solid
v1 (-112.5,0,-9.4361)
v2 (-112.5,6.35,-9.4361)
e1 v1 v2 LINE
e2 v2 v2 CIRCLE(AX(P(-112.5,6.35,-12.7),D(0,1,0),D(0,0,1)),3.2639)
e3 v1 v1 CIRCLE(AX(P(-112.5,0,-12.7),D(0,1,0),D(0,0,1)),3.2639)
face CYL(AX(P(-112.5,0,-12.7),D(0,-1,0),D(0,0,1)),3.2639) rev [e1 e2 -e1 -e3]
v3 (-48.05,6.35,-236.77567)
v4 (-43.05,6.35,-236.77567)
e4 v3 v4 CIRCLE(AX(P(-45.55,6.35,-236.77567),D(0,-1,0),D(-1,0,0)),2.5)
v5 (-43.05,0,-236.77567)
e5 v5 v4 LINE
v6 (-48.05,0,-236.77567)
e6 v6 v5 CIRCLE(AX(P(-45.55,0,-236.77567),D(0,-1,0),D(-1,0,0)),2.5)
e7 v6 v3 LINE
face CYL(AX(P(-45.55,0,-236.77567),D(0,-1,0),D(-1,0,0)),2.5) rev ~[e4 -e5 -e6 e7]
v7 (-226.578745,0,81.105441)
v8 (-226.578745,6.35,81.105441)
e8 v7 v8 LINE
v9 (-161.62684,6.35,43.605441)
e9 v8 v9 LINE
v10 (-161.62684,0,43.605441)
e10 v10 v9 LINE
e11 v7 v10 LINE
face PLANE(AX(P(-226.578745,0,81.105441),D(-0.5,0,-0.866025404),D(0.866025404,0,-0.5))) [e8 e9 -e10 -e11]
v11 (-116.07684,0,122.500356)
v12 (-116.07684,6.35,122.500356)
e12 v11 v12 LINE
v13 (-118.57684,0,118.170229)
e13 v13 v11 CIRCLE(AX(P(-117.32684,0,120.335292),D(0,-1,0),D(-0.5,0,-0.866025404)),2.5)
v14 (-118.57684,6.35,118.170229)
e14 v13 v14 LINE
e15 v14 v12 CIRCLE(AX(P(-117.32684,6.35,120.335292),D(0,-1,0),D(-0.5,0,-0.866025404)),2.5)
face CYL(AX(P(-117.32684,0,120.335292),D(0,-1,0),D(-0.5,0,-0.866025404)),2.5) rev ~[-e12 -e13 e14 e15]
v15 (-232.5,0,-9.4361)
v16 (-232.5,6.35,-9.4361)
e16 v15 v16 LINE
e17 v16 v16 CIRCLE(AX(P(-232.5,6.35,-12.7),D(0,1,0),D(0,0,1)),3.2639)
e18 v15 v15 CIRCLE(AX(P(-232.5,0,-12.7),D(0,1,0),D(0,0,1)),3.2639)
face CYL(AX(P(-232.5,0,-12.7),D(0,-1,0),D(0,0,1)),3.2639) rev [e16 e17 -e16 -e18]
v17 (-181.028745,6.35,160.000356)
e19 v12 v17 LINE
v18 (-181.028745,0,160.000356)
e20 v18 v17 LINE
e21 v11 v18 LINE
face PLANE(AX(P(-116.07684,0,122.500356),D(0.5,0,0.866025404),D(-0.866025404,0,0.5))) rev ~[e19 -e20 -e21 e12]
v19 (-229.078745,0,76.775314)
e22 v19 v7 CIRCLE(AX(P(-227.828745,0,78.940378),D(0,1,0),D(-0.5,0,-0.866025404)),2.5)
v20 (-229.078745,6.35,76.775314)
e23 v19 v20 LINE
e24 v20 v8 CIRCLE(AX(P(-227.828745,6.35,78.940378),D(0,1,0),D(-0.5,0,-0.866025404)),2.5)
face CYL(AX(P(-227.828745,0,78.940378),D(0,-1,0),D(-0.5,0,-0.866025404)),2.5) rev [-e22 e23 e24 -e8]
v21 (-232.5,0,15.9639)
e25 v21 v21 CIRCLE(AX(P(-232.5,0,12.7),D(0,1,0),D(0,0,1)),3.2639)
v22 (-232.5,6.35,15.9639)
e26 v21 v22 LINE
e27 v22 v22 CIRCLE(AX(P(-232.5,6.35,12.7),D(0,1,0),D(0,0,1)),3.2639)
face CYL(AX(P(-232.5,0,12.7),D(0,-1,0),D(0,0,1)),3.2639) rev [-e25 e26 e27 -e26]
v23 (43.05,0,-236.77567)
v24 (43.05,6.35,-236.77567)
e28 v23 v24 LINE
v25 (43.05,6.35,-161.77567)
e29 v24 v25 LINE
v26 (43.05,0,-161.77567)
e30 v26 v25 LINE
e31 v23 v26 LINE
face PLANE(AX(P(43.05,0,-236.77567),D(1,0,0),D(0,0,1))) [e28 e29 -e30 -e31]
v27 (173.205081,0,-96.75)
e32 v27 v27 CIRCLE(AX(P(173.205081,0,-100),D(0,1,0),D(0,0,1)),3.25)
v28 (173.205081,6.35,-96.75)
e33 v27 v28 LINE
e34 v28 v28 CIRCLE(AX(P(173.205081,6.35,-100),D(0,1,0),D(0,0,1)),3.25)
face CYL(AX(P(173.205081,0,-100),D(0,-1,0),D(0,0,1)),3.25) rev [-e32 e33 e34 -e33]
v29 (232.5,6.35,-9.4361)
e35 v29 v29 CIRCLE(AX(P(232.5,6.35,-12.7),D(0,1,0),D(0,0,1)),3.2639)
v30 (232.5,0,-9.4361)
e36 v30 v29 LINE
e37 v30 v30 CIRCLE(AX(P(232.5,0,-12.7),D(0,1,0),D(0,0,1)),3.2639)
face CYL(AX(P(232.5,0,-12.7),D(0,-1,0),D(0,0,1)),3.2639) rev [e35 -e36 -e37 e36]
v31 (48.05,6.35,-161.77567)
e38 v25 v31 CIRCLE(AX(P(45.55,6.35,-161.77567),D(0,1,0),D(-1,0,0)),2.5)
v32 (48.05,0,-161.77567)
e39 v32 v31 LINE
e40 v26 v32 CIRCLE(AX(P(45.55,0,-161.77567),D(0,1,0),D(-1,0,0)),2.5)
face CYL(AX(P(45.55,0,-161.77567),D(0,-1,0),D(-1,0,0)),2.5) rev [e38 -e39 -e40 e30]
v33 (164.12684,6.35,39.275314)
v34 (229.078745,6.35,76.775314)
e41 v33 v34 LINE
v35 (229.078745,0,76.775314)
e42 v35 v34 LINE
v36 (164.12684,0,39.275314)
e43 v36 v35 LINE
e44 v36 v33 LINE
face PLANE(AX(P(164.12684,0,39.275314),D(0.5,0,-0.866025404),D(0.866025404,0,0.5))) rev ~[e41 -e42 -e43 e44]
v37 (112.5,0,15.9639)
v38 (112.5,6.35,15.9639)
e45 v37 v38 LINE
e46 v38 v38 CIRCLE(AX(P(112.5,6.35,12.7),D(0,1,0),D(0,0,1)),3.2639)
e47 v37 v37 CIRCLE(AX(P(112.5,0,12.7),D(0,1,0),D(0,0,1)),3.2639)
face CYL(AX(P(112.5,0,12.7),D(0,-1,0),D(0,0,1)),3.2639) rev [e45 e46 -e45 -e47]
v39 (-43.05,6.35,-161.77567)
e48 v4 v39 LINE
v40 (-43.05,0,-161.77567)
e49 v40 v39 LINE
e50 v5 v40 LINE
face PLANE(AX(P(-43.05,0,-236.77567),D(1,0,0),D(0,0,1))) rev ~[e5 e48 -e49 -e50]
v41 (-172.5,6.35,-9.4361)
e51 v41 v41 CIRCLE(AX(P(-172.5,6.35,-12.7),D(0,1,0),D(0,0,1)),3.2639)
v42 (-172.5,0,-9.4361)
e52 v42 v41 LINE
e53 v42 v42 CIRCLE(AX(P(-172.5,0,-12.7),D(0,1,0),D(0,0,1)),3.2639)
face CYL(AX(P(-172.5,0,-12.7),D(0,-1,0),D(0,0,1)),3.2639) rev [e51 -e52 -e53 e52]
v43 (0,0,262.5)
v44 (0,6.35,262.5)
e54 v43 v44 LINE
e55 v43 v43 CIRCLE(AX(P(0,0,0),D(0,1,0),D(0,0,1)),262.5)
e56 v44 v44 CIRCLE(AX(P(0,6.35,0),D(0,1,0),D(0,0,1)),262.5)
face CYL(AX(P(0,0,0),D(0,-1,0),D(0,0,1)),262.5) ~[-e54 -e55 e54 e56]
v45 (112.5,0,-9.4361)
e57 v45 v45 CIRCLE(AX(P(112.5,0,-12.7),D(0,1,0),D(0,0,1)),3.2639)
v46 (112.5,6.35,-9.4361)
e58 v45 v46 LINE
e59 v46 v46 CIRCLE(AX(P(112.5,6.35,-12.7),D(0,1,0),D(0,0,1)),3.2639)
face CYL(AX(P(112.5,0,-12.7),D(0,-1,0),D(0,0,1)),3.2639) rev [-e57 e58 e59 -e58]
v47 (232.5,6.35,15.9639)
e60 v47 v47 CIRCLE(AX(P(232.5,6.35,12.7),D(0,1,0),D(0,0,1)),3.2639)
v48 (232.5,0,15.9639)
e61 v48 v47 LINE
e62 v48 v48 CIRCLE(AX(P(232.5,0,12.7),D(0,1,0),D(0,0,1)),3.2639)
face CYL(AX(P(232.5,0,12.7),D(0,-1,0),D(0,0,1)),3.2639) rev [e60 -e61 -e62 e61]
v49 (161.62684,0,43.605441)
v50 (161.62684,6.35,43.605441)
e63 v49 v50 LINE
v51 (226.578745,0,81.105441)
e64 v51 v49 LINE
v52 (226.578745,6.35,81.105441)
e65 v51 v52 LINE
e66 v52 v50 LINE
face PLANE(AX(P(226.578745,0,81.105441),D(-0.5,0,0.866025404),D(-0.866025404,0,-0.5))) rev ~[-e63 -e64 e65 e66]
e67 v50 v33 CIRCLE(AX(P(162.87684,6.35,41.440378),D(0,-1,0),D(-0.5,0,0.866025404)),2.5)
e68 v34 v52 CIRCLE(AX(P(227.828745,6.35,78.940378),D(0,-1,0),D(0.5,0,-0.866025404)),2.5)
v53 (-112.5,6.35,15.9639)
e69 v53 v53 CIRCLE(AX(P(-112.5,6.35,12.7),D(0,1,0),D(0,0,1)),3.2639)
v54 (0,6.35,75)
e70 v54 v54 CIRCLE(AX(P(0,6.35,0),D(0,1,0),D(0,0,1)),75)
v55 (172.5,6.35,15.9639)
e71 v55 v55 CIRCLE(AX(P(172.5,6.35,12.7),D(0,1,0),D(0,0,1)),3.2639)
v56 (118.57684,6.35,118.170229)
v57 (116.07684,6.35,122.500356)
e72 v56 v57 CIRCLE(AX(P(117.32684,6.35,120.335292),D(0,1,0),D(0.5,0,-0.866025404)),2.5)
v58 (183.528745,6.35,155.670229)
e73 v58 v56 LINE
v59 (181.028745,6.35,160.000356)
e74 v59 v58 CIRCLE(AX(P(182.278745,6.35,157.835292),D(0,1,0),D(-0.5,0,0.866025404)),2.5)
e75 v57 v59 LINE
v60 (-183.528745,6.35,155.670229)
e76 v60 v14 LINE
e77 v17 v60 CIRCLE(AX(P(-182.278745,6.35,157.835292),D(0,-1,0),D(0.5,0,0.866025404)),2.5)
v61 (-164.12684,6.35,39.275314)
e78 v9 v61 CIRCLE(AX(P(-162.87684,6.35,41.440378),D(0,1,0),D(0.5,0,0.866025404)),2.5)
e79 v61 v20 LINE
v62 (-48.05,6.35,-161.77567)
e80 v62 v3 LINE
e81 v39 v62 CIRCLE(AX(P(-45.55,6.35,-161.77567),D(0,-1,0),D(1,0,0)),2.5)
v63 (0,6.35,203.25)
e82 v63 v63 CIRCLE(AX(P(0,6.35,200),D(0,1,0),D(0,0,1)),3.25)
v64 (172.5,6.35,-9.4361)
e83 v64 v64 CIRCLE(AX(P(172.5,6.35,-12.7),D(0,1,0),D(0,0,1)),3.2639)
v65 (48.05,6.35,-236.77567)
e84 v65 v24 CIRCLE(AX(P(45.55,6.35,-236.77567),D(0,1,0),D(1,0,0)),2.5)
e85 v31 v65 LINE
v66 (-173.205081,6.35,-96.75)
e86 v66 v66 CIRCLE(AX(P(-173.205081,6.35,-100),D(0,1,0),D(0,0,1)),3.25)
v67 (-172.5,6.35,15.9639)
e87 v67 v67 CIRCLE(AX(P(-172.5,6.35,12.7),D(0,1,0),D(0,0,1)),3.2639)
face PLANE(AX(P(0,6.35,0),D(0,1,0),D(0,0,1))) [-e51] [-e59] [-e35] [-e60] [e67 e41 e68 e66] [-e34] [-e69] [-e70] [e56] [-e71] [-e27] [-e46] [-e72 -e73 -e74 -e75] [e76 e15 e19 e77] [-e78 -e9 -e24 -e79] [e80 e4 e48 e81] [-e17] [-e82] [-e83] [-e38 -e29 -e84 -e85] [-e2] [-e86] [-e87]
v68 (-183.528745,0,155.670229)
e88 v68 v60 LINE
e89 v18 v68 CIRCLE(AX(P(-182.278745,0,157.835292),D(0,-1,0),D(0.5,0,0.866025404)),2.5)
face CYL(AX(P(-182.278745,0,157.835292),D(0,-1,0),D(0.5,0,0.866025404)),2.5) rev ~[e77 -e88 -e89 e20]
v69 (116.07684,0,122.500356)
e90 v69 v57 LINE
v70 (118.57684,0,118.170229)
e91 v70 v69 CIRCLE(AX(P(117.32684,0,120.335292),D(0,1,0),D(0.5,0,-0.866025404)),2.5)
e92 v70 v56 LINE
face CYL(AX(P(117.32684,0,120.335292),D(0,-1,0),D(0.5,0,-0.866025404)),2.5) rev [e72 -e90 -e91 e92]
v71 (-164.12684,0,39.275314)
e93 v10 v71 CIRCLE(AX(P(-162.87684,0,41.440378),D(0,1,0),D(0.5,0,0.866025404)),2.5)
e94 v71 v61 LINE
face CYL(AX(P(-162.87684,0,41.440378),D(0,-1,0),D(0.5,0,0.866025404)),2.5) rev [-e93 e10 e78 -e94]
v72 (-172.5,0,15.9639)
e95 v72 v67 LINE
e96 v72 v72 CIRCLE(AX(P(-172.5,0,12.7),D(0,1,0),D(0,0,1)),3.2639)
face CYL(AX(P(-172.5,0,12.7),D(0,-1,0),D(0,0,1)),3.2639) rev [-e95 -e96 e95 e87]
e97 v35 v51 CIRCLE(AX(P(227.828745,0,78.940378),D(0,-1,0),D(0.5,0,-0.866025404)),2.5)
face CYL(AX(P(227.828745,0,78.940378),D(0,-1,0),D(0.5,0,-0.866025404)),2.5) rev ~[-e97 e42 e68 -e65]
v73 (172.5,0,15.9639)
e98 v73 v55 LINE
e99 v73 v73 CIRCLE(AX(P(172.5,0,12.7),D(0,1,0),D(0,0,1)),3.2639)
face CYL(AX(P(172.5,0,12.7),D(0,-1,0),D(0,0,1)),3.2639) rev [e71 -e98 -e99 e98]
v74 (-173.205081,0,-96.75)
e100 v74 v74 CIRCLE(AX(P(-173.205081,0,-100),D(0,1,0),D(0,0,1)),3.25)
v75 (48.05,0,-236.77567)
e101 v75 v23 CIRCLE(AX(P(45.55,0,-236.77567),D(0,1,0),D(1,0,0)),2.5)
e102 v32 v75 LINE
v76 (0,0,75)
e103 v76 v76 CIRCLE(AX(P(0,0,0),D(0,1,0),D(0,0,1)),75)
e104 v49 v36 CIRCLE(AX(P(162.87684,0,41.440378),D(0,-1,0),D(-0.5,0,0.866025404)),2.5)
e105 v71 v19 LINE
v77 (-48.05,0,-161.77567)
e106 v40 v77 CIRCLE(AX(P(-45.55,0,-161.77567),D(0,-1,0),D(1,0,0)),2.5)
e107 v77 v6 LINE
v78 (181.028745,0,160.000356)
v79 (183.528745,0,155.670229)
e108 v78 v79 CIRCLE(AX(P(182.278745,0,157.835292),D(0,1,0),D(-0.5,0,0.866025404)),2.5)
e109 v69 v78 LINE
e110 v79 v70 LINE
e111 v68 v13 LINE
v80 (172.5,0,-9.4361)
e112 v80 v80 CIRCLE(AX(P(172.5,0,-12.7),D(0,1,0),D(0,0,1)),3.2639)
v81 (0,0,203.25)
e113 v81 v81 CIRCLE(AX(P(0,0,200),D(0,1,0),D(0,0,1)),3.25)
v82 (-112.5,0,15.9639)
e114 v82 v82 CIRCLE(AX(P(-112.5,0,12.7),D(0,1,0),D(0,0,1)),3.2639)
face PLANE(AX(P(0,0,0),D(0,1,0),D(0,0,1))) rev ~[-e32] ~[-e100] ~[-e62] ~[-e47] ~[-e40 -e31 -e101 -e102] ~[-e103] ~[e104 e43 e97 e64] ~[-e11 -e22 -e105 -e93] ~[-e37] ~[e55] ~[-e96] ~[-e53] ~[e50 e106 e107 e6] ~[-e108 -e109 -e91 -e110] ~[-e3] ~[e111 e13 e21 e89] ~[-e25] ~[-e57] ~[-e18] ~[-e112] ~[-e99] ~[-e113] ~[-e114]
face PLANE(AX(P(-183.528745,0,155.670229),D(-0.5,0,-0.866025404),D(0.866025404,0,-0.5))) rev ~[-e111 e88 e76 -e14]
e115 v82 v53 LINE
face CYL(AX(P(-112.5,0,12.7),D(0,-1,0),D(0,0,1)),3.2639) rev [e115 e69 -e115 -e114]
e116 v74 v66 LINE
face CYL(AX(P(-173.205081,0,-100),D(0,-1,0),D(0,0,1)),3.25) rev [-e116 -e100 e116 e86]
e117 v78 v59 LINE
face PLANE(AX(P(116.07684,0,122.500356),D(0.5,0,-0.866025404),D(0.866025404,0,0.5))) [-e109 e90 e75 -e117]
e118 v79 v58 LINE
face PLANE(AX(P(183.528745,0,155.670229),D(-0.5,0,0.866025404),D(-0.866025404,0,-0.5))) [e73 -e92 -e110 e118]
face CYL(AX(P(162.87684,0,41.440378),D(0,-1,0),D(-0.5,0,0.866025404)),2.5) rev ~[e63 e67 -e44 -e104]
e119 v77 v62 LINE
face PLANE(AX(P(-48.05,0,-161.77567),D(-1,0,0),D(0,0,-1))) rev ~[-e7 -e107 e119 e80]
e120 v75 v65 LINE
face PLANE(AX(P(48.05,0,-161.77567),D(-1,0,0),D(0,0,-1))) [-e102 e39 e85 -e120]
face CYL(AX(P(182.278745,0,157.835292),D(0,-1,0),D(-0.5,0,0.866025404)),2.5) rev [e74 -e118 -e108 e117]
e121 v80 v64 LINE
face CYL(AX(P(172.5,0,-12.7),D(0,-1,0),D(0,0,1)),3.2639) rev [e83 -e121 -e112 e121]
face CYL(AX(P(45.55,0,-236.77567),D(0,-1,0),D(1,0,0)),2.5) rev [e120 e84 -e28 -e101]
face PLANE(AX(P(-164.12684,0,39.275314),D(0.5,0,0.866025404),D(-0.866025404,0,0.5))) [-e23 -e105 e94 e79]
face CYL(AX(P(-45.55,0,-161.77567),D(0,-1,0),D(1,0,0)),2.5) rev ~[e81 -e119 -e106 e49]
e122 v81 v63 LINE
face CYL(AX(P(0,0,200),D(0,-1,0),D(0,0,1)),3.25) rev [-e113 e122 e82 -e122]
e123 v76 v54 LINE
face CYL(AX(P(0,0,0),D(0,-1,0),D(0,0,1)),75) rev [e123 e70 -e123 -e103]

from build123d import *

# Parameters (mm, degrees)
SKETCH2_R           = 262.5
SKETCH2_R_2         = 75
SKETCH2_R_3         = 3.2639
SKETCH2_R_4         = 3.25
BOSS_EXTRUDE1_DEPTH = 6.35


with BuildPart() as part:
    # Sketch2 → Boss-Extrude1 (new body)
    with BuildSketch(Plane(origin=(0, 0, 0), x_dir=(1, 0, 0), z_dir=(0, 1, 0))):
        with Locations(Location((0, 0, 0), (0, 0, 270))):
            Circle(SKETCH2_R)
        with Locations(Location((0, 0, 0), (0, 0, 270))):
            Circle(SKETCH2_R_2, mode=Mode.SUBTRACT)
        with Locations(Location((-232.5, 12.7, 0), (0, 0, 270))):
            Circle(SKETCH2_R_3, mode=Mode.SUBTRACT)
        with Locations(Location((-172.5, 12.7, 0), (0, 0, 270))):
            Circle(SKETCH2_R_3, mode=Mode.SUBTRACT)
        with Locations(Location((-112.5, 12.7, 0), (0, 0, 270))):
            Circle(SKETCH2_R_3, mode=Mode.SUBTRACT)
        with Locations(Location((112.5, 12.7, 0), (0, 0, 270))):
            Circle(SKETCH2_R_3, mode=Mode.SUBTRACT)
        with Locations(Location((172.5, 12.7, 0), (0, 0, 270))):
            Circle(SKETCH2_R_3, mode=Mode.SUBTRACT)
        with Locations(Location((232.5, 12.7, 0), (0, 0, 270))):
            Circle(SKETCH2_R_3, mode=Mode.SUBTRACT)
        with Locations(Location((232.5, -12.7, 0), (0, 0, 270))):
            Circle(SKETCH2_R_3, mode=Mode.SUBTRACT)
        with Locations(Location((172.5, -12.7, 0), (0, 0, 270))):
            Circle(SKETCH2_R_3, mode=Mode.SUBTRACT)
        with Locations(Location((112.5, -12.7, 0), (0, 0, 270))):
            Circle(SKETCH2_R_3, mode=Mode.SUBTRACT)
        with Locations(Location((-112.5, -12.7, 0), (0, 0, 270))):
            Circle(SKETCH2_R_3, mode=Mode.SUBTRACT)
        with Locations(Location((-172.5, -12.7, 0), (0, 0, 270))):
            Circle(SKETCH2_R_3, mode=Mode.SUBTRACT)
        with Locations(Location((-232.5, -12.7, 0), (0, 0, 270))):
            Circle(SKETCH2_R_3, mode=Mode.SUBTRACT)
        with Locations(Location((-173.205080757, 100, 0), (0, 0, 270))):
            Circle(SKETCH2_R_4, mode=Mode.SUBTRACT)
        with Locations(Location((173.205080757, 100, 0), (0, 0, 270))):
            Circle(SKETCH2_R_4, mode=Mode.SUBTRACT)
        with Locations(Location((0, -200, 0), (0, 0, 270))):
            Circle(SKETCH2_R_4, mode=Mode.SUBTRACT)
        with BuildLine():
            Line((-43.05, 236.77567), (-43.05, 161.77567))
            ThreePointArc((-43.05, 161.77567), (-45.55, 159.27567), (-48.05, 161.77567))
            Line((-48.05, 161.77567), (-48.05, 236.77567))
            ThreePointArc((-48.05, 236.77567), (-45.55, 239.27567), (-43.05, 236.77567))
        make_face(mode=Mode.SUBTRACT)
        with BuildLine():
            Line((43.05, 236.77567), (43.05, 161.77567))
            ThreePointArc((43.05, 161.77567), (45.55, 159.27567), (48.05, 161.77567))
            Line((48.05, 161.77567), (48.05, 236.77567))
            ThreePointArc((48.05, 236.77567), (45.55, 239.27567), (43.05, 236.77567))
        make_face(mode=Mode.SUBTRACT)
        with BuildLine():
            Line((226.578745218, -81.105441367), (161.626839934, -43.605441367))
            ThreePointArc((161.626839934, -43.605441367), (160.711776425, -40.190377858), (164.126839934, -39.275314348))
            Line((164.126839934, -39.275314348), (229.078745218, -76.775314348))
            ThreePointArc((229.078745218, -76.775314348), (229.993808728, -80.190377858), (226.578745218, -81.105441367))
        make_face(mode=Mode.SUBTRACT)
        with BuildLine():
            Line((183.528745218, -155.670228633), (118.576839934, -118.170228633))
            ThreePointArc((118.576839934, -118.170228633), (115.161776425, -119.085292142), (116.076839934, -122.500355652))
            Line((116.076839934, -122.500355652), (181.028745218, -160.000355652))
            ThreePointArc((181.028745218, -160.000355652), (184.443808728, -159.085292142), (183.528745218, -155.670228633))
        make_face(mode=Mode.SUBTRACT)
        with BuildLine():
            Line((-183.528745218, -155.670228633), (-118.576839934, -118.170228633))
            ThreePointArc((-118.576839934, -118.170228633), (-115.161776425, -119.085292142), (-116.076839934, -122.500355652))
            Line((-116.076839934, -122.500355652), (-181.028745218, -160.000355652))
            ThreePointArc((-181.028745218, -160.000355652), (-184.443808728, -159.085292142), (-183.528745218, -155.670228633))
        make_face(mode=Mode.SUBTRACT)
        with BuildLine():
            Line((-226.578745218, -81.105441367), (-161.626839934, -43.605441367))
            ThreePointArc((-161.626839934, -43.605441367), (-160.711776425, -40.190377858), (-164.126839934, -39.275314348))
            Line((-164.126839934, -39.275314348), (-229.078745218, -76.775314348))
            ThreePointArc((-229.078745218, -76.775314348), (-229.993808728, -80.190377858), (-226.578745218, -81.105441367))
        make_face(mode=Mode.SUBTRACT)
    extrude(amount=BOSS_EXTRUDE1_DEPTH)


solid = part.part
